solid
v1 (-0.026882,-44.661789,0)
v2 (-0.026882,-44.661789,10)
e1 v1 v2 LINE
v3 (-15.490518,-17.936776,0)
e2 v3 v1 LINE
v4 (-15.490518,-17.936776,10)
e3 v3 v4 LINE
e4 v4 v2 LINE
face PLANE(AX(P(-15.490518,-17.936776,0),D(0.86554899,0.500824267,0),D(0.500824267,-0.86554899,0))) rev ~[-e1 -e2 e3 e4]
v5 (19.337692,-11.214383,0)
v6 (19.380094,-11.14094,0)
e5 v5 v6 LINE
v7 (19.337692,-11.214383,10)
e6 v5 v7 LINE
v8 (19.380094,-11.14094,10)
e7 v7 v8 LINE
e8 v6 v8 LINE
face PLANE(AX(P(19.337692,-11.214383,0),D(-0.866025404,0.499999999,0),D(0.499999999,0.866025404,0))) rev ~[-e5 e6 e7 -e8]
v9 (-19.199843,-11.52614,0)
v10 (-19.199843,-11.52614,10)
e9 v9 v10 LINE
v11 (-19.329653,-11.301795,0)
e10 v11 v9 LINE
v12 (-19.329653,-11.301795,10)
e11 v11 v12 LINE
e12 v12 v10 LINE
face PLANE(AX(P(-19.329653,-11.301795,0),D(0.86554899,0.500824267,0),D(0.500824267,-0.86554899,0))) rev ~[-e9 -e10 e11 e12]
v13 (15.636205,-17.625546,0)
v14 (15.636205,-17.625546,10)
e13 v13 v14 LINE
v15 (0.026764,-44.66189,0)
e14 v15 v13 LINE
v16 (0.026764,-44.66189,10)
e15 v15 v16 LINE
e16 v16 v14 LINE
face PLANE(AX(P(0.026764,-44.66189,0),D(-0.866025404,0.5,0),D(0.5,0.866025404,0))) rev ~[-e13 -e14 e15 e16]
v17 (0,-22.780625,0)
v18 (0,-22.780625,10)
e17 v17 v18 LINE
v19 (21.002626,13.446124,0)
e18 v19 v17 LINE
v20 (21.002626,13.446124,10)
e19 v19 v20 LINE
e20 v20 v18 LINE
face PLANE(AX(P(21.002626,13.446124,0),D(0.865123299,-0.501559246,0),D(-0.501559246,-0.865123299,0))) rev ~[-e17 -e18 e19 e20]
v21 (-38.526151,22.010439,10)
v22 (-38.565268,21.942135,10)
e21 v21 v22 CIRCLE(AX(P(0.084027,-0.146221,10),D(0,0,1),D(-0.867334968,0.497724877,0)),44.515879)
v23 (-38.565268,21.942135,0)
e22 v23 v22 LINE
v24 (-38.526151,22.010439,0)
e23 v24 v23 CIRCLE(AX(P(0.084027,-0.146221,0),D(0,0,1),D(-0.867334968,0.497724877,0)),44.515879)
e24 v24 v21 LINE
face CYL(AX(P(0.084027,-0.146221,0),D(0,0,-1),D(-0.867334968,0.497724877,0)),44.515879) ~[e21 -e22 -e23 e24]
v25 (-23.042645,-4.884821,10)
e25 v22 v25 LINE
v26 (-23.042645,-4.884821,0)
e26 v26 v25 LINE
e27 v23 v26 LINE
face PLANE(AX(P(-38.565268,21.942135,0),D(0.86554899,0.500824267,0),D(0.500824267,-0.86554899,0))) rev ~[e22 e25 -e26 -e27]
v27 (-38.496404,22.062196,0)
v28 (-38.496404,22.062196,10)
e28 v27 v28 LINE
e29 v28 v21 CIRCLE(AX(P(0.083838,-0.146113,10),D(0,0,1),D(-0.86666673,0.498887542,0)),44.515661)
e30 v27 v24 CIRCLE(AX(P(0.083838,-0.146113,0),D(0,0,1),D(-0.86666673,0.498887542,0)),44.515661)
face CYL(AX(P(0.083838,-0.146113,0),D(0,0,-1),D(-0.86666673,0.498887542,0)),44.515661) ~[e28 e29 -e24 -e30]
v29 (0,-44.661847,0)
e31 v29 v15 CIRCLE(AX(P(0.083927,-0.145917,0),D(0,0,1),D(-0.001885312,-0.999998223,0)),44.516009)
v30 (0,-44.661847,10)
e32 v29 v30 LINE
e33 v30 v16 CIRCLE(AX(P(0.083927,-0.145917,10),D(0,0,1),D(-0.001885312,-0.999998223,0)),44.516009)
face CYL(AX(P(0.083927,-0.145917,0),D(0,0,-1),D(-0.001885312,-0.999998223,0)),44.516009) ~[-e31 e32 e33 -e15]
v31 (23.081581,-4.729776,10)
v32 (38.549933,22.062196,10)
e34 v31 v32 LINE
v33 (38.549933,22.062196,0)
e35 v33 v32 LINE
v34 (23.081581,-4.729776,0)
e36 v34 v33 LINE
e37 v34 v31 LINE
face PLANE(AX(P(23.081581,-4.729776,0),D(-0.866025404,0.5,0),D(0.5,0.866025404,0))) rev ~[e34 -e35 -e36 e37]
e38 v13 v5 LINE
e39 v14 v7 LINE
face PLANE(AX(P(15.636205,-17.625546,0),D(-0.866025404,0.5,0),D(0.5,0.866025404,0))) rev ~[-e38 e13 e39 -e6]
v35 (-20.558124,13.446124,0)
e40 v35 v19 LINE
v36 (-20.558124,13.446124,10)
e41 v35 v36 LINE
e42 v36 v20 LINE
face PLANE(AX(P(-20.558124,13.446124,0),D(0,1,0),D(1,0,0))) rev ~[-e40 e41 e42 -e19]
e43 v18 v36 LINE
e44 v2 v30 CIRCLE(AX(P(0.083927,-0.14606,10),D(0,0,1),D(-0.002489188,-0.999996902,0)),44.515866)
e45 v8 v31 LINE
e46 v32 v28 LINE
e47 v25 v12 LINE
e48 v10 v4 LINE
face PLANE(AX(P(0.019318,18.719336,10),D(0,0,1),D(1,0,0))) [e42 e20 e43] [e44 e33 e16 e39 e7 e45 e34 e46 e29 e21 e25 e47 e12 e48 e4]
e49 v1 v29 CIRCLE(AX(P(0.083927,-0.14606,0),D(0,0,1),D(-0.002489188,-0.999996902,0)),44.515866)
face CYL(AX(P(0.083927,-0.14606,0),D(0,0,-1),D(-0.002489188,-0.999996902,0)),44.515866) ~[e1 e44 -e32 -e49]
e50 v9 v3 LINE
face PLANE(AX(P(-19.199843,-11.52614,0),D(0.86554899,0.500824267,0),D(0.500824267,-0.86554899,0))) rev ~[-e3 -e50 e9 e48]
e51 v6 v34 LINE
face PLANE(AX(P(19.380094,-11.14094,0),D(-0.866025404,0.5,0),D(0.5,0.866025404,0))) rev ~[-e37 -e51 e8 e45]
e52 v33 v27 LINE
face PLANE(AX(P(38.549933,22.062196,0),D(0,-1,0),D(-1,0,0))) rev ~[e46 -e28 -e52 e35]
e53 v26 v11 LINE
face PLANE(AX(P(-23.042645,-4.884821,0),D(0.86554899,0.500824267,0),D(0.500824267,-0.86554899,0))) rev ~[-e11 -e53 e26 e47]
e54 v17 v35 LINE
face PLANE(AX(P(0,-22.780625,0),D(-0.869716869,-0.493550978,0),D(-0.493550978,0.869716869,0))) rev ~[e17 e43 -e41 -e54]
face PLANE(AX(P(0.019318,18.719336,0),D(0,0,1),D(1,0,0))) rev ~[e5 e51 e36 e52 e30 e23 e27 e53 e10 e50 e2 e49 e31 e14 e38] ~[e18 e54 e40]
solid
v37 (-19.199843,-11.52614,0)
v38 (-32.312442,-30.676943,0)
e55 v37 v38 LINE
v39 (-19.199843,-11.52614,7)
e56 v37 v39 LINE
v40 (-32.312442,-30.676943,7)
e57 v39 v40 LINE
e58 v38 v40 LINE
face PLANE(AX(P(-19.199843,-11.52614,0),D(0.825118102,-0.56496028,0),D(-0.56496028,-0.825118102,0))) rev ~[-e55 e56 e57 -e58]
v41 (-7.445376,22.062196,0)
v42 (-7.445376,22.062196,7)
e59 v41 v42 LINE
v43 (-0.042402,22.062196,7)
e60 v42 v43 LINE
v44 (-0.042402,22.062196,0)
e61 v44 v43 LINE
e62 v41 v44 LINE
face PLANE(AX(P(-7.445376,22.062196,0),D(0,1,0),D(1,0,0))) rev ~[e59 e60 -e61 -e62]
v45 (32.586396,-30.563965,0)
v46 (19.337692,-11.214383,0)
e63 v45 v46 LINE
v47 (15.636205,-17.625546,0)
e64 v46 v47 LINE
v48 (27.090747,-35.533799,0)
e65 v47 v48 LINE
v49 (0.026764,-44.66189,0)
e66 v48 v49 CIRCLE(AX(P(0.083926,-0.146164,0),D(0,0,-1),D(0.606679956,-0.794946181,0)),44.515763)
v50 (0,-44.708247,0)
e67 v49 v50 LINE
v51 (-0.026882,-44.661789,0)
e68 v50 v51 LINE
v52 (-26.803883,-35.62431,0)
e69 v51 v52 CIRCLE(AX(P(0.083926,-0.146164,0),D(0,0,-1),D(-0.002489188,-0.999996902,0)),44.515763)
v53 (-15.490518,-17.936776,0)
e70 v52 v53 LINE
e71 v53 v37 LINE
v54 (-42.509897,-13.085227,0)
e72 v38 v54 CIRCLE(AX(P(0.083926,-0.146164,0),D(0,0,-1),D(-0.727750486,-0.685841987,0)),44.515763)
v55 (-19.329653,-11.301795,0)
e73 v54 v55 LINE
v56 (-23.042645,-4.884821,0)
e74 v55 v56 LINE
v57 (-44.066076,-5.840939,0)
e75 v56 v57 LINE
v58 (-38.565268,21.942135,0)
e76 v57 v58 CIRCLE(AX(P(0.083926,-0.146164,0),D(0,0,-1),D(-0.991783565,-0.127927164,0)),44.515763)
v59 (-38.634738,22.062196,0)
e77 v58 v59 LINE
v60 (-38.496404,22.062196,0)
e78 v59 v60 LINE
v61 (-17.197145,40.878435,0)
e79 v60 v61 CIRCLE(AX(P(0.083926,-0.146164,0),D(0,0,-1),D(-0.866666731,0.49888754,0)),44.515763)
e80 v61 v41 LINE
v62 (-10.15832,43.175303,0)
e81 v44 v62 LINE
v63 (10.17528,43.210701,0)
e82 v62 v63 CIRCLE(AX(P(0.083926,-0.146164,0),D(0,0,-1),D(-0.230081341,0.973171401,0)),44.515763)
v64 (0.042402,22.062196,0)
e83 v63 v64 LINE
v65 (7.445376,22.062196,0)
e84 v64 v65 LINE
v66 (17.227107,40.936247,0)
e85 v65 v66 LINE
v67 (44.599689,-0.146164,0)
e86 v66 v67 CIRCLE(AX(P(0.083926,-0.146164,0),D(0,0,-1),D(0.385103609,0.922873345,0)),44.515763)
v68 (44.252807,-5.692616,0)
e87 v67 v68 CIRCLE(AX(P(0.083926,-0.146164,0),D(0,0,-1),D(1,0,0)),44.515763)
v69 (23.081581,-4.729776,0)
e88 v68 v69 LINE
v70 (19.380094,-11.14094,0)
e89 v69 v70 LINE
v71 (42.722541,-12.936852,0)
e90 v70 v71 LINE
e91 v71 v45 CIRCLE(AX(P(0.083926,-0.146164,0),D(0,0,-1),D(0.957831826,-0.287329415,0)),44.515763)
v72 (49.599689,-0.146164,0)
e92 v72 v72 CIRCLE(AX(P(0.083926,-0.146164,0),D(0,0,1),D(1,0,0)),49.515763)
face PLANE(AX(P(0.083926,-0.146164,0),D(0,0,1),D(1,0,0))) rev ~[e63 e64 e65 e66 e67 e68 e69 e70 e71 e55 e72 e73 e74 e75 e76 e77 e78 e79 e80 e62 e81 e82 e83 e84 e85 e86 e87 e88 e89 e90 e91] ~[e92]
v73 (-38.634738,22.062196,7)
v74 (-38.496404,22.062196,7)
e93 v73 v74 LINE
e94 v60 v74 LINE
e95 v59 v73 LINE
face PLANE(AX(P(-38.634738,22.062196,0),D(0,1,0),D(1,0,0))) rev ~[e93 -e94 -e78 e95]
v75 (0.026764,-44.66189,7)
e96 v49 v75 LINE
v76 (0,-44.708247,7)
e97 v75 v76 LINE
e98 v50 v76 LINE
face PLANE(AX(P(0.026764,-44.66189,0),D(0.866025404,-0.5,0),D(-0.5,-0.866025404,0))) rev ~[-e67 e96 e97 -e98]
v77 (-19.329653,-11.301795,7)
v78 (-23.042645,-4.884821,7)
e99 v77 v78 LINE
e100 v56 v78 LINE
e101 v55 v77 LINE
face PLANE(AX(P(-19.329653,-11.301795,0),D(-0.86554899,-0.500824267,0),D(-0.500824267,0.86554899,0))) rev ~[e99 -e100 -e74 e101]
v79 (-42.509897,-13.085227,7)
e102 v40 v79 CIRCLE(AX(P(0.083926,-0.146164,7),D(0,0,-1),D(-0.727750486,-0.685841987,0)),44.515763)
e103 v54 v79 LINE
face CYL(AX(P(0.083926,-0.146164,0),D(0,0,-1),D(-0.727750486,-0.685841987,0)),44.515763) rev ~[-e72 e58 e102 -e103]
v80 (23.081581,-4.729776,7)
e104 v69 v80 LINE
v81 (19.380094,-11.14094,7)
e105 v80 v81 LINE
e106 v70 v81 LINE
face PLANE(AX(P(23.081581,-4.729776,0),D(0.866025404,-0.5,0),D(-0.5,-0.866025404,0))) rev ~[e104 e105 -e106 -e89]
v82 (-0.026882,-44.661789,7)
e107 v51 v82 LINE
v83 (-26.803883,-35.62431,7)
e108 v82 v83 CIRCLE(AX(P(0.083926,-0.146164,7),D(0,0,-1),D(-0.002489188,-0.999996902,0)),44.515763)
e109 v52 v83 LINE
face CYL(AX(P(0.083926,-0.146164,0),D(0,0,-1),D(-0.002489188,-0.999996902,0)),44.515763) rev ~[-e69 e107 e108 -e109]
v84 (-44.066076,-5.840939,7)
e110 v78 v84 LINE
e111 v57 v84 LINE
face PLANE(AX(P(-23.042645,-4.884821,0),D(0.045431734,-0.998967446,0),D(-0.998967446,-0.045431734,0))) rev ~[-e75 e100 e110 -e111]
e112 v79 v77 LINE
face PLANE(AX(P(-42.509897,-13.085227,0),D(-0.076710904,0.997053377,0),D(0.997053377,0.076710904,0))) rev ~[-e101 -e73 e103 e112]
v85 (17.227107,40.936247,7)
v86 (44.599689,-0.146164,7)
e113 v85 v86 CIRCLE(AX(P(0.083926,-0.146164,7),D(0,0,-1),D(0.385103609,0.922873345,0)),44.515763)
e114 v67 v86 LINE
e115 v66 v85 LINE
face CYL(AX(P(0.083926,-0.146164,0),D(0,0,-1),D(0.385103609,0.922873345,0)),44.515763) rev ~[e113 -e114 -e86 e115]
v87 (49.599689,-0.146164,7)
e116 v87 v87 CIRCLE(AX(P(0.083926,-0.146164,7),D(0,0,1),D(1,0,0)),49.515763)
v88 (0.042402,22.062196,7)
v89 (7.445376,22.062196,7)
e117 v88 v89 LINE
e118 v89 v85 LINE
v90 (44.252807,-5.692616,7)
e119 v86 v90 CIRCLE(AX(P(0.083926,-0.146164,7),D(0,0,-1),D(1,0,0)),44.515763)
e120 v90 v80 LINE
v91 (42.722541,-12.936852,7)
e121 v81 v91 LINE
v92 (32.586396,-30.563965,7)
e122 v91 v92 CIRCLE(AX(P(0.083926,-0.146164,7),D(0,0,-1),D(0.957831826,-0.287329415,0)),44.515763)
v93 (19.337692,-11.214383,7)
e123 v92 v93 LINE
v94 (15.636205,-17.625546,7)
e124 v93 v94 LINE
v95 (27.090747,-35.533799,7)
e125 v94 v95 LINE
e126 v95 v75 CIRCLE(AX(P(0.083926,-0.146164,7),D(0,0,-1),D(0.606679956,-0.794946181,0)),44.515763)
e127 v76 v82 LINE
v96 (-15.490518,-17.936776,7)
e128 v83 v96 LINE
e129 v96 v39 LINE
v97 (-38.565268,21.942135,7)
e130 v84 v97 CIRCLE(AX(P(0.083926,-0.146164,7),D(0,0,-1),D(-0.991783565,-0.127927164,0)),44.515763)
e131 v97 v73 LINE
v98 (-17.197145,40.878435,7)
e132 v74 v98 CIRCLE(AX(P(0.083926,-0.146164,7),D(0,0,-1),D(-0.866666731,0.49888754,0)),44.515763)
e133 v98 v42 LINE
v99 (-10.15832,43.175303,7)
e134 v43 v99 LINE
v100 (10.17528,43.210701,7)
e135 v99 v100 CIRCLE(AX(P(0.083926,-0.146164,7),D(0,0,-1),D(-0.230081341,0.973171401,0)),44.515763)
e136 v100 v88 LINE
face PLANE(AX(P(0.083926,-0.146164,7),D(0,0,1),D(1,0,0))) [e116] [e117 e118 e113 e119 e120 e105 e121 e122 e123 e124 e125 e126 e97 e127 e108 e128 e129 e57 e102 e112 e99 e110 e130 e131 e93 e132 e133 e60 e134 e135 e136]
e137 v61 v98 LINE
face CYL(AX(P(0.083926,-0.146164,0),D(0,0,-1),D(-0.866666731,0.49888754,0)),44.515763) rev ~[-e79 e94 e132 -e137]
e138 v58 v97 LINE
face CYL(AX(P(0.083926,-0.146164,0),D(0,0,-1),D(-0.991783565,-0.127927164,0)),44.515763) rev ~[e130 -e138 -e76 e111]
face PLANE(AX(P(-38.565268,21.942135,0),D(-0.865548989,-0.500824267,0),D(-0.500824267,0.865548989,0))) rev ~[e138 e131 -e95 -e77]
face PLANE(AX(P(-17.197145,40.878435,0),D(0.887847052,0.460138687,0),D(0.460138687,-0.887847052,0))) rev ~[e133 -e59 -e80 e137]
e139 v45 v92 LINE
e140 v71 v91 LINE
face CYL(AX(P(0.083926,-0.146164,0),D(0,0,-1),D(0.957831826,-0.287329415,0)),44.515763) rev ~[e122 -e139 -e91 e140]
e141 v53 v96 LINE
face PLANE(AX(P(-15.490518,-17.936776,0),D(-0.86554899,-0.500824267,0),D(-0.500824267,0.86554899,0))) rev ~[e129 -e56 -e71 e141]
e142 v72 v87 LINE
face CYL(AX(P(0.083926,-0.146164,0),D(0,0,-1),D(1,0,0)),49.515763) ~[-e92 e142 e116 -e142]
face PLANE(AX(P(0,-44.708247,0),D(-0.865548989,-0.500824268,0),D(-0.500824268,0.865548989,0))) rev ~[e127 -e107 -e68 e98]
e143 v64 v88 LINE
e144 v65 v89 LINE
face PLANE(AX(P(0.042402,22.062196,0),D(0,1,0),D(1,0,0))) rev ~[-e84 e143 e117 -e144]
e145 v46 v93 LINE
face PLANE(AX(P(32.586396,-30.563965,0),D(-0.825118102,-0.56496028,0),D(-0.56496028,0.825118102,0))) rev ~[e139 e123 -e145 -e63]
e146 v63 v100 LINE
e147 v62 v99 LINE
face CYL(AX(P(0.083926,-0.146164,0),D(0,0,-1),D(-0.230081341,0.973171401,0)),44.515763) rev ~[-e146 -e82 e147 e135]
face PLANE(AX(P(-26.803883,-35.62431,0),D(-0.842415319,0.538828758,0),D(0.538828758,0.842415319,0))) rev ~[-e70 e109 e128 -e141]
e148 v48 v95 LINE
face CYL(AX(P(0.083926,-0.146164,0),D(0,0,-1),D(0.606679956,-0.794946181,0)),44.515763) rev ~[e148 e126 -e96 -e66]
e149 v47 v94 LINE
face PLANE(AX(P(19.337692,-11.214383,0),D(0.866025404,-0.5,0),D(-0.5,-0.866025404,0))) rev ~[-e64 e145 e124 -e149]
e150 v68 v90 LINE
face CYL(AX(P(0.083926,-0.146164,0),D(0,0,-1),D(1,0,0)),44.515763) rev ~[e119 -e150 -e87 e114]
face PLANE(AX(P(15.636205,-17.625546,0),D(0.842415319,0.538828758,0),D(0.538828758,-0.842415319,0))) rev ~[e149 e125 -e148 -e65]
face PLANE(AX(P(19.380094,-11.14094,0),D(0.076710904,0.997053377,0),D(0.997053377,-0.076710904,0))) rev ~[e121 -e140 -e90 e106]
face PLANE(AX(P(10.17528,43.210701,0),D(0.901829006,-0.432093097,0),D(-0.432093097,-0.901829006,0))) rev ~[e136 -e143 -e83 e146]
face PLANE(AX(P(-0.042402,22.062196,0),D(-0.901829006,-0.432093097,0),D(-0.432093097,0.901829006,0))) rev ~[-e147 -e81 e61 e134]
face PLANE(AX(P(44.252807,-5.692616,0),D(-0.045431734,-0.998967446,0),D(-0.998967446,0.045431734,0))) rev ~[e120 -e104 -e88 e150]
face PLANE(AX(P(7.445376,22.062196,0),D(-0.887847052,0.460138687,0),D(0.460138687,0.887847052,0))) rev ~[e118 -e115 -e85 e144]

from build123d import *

# Parameters (mm, degrees)
F0_R     = 49.5157627348
F1_DEPTH = 7
F2_DEPTH = 10


with BuildPart() as f1:
    # F0 (on Top) → F1 (new body)
    with BuildSketch(Plane.XY):
        with Locations((0.0839262699, -0.1461637082)):
            Circle(F0_R)
        with BuildLine():
            Line((0.0267643967, -44.6618897427), (0, -44.7082470376))
            Line((0, -44.7082470376), (-0.0268818374, -44.6617885317))
            ThreePointArc((-0.0268818374, -44.6617885317), (-14.1516044467, -42.324390284), (-26.8038826396, -35.6243099945))
            ThreePointArc((-26.8038826396, -35.6243099945), (-29.6611996613, -33.2653517296), (-32.3124416737, -30.6769428651))
            ThreePointArc((-32.3124416737, -30.6769428651), (-38.429049495, -22.4711234975), (-42.509896824, -13.0852272796))
            ThreePointArc((-42.509896824, -13.0852272796), (-43.4389725447, -9.4955171959), (-44.066075615, -5.8409389824))
            ThreePointArc((-44.066075615, -5.8409389824), (-43.5841571557, 8.499738315), (-38.5652678357, 21.9421347063))
            Line((-38.5652678357, 21.9421347063), (-38.6347375564, 22.0621956747))
            Line((-38.6347375564, 22.0621956747), (-38.4964042805, 22.0621956747))
            ThreePointArc((-38.4964042805, 22.0621956747), (-29.3887182603, 33.2157360617), (-17.1971452384, 40.8784350026))
            ThreePointArc((-17.1971452384, 40.8784350026), (-13.7255689437, 42.1734649977), (-10.1583201055, 43.1753034997))
            ThreePointArc((-10.1583201055, 43.1753034997), (0.0064318364, 44.3695315741), (10.1752800628, 43.2107009211))
            ThreePointArc((10.1752800628, 43.2107009211), (13.7485980478, 42.2204490553), (17.2271071561, 40.9362471383))
            ThreePointArc((17.2271071561, 40.9362471383), (37.1298093388, 24.5369414349), (44.5996890047, -0.1461637082))
            ThreePointArc((44.5996890047, -0.1461637082), (44.5128837908, -2.9248082447), (44.2528066877, -5.6926161328))
            ThreePointArc((44.2528066877, -5.6926161328), (43.6385474147, -9.3466043928), (42.7225405888, -12.9368517593))
            ThreePointArc((42.7225405888, -12.9368517593), (38.6743964683, -22.3368992014), (32.5863955708, -30.5639647662))
            ThreePointArc((32.5863955708, -30.5639647662), (29.9421533065, -33.1634229841), (27.0907472686, -35.5337992806))
            ThreePointArc((27.0907472686, -35.5337992806), (14.3107158099, -42.3273395008), (0.0267643967, -44.6618897427))
        make_face(mode=Mode.SUBTRACT)
        with BuildLine():
            Line((0.0424022413, 22.0621956747), (7.4453759007, 22.0621956747))
            Line((7.4453759007, 22.0621956747), (17.2271071561, 40.9362471383))
            ThreePointArc((17.2271071561, 40.9362471383), (13.7485980478, 42.2204490553), (10.1752800628, 43.2107009211))
            Line((10.1752800628, 43.2107009211), (0.0424022413, 22.0621956747))
        make_face()
        with BuildLine():
            Line((-17.1971452384, 40.8784350026), (-7.4453759007, 22.0621956747))
            Line((-7.4453759007, 22.0621956747), (-0.0424022413, 22.0621956747))
            Line((-0.0424022413, 22.0621956747), (-10.1583201055, 43.1753034997))
            ThreePointArc((-10.1583201055, 43.1753034997), (-13.7255689437, 42.1734649977), (-17.1971452384, 40.8784350026))
        make_face()
        with BuildLine():
            Line((23.0815807572, -4.7297764472), (19.3800939274, -11.1409396998))
            Line((19.3800939274, -11.1409396998), (42.7225405888, -12.9368517593))
            ThreePointArc((42.7225405888, -12.9368517593), (43.6385474147, -9.3466043928), (44.2528066877, -5.6926161328))
            Line((44.2528066877, -5.6926161328), (23.0815807572, -4.7297764472))
        make_face()
        with BuildLine():
            Line((19.3376916862, -11.2143825361), (15.6362048564, -17.6255457887))
            Line((15.6362048564, -17.6255457887), (27.0907472686, -35.5337992806))
            ThreePointArc((27.0907472686, -35.5337992806), (29.9421533065, -33.1634229841), (32.5863955708, -30.5639647662))
            Line((32.5863955708, -30.5639647662), (19.3376916862, -11.2143825361))
        make_face()
        with BuildLine():
            Line((-26.8038826396, -35.6243099945), (-15.4905179287, -17.9367764554))
            Line((-15.4905179287, -17.9367764554), (-19.1998425991, -11.5261401713))
            Line((-19.1998425991, -11.5261401713), (-32.3124416737, -30.6769428651))
            ThreePointArc((-32.3124416737, -30.6769428651), (-29.6611996613, -33.2653517296), (-26.8038826396, -35.6243099945))
        make_face()
        with BuildLine():
            Line((-42.509896824, -13.0852272796), (-19.3296534264, -11.3017947516))
            Line((-19.3296534264, -11.3017947516), (-23.0426451757, -4.8848208426))
            Line((-23.0426451757, -4.8848208426), (-44.066075615, -5.8409389824))
            ThreePointArc((-44.066075615, -5.8409389824), (-43.4389725447, -9.4955171959), (-42.509896824, -13.0852272796))
        make_face()
    extrude(amount=F1_DEPTH)


with BuildPart() as f2:
    # F0 (on Top) → F2 (new body)
    with BuildSketch(Plane.XY):
        with BuildLine():
            Line((-20.5581244081, 13.4461242706), (21.0026260465, 13.4461242706))
            Line((21.0026260465, 13.4461242706), (38.5499330739, 22.0621956747))
            Line((38.5499330739, 22.0621956747), (7.4453759007, 22.0621956747))
            Line((7.4453759007, 22.0621956747), (0.0424022413, 22.0621956747))
            Line((0.0424022413, 22.0621956747), (-0.0424022413, 22.0621956747))
            Line((-0.0424022413, 22.0621956747), (-7.4453759007, 22.0621956747))
            Line((-7.4453759007, 22.0621956747), (-38.4964042805, 22.0621956747))
            ThreePointArc((-38.4964042805, 22.0621956747), (-38.511286477, 22.036322286), (-38.5261513218, 22.0104389245))
            Line((-38.5261513218, 22.0104389245), (-20.5581244081, 13.4461242706))
        make_face()
        with BuildLine():
            ThreePointArc((0, -44.6618473292), (0.0133821951, -44.6618705474), (0.0267643967, -44.6618897427))
            Line((0.0267643967, -44.6618897427), (15.6362048564, -17.6255457887))
            Line((15.6362048564, -17.6255457887), (19.3376916862, -11.2143825361))
            Line((19.3376916862, -11.2143825361), (19.3800939274, -11.1409396998))
            Line((19.3800939274, -11.1409396998), (23.0815807572, -4.7297764472))
            Line((23.0815807572, -4.7297764472), (38.5499330739, 22.0621956747))
            Line((38.5499330739, 22.0621956747), (21.0026260465, 13.4461242706))
            Line((21.0026260465, 13.4461242706), (0, -22.7806251496))
            Line((0, -22.7806251496), (0, -44.6618473292))
        make_face()
        with BuildLine():
            Line((-15.4905179287, -17.9367764554), (-0.0268818374, -44.6617885317))
            ThreePointArc((-0.0268818374, -44.6617885317), (-0.0134409231, -44.6618199596), (0, -44.6618473292))
            Line((0, -44.6618473292), (0, -22.7806251496))
            Line((0, -22.7806251496), (-20.5581244081, 13.4461242706))
            Line((-20.5581244081, 13.4461242706), (-38.5261513218, 22.0104389245))
            ThreePointArc((-38.5261513218, 22.0104389245), (-38.5457246755, 21.976295461), (-38.5652678357, 21.9421347063))
            Line((-38.5652678357, 21.9421347063), (-23.0426451757, -4.8848208426))
            Line((-23.0426451757, -4.8848208426), (-19.3296534264, -11.3017947516))
            Line((-19.3296534264, -11.3017947516), (-19.1998425991, -11.5261401713))
            Line((-19.1998425991, -11.5261401713), (-15.4905179287, -17.9367764554))
        make_face()
    extrude(amount=F2_DEPTH)


solid = Compound([f1.part, f2.part])
